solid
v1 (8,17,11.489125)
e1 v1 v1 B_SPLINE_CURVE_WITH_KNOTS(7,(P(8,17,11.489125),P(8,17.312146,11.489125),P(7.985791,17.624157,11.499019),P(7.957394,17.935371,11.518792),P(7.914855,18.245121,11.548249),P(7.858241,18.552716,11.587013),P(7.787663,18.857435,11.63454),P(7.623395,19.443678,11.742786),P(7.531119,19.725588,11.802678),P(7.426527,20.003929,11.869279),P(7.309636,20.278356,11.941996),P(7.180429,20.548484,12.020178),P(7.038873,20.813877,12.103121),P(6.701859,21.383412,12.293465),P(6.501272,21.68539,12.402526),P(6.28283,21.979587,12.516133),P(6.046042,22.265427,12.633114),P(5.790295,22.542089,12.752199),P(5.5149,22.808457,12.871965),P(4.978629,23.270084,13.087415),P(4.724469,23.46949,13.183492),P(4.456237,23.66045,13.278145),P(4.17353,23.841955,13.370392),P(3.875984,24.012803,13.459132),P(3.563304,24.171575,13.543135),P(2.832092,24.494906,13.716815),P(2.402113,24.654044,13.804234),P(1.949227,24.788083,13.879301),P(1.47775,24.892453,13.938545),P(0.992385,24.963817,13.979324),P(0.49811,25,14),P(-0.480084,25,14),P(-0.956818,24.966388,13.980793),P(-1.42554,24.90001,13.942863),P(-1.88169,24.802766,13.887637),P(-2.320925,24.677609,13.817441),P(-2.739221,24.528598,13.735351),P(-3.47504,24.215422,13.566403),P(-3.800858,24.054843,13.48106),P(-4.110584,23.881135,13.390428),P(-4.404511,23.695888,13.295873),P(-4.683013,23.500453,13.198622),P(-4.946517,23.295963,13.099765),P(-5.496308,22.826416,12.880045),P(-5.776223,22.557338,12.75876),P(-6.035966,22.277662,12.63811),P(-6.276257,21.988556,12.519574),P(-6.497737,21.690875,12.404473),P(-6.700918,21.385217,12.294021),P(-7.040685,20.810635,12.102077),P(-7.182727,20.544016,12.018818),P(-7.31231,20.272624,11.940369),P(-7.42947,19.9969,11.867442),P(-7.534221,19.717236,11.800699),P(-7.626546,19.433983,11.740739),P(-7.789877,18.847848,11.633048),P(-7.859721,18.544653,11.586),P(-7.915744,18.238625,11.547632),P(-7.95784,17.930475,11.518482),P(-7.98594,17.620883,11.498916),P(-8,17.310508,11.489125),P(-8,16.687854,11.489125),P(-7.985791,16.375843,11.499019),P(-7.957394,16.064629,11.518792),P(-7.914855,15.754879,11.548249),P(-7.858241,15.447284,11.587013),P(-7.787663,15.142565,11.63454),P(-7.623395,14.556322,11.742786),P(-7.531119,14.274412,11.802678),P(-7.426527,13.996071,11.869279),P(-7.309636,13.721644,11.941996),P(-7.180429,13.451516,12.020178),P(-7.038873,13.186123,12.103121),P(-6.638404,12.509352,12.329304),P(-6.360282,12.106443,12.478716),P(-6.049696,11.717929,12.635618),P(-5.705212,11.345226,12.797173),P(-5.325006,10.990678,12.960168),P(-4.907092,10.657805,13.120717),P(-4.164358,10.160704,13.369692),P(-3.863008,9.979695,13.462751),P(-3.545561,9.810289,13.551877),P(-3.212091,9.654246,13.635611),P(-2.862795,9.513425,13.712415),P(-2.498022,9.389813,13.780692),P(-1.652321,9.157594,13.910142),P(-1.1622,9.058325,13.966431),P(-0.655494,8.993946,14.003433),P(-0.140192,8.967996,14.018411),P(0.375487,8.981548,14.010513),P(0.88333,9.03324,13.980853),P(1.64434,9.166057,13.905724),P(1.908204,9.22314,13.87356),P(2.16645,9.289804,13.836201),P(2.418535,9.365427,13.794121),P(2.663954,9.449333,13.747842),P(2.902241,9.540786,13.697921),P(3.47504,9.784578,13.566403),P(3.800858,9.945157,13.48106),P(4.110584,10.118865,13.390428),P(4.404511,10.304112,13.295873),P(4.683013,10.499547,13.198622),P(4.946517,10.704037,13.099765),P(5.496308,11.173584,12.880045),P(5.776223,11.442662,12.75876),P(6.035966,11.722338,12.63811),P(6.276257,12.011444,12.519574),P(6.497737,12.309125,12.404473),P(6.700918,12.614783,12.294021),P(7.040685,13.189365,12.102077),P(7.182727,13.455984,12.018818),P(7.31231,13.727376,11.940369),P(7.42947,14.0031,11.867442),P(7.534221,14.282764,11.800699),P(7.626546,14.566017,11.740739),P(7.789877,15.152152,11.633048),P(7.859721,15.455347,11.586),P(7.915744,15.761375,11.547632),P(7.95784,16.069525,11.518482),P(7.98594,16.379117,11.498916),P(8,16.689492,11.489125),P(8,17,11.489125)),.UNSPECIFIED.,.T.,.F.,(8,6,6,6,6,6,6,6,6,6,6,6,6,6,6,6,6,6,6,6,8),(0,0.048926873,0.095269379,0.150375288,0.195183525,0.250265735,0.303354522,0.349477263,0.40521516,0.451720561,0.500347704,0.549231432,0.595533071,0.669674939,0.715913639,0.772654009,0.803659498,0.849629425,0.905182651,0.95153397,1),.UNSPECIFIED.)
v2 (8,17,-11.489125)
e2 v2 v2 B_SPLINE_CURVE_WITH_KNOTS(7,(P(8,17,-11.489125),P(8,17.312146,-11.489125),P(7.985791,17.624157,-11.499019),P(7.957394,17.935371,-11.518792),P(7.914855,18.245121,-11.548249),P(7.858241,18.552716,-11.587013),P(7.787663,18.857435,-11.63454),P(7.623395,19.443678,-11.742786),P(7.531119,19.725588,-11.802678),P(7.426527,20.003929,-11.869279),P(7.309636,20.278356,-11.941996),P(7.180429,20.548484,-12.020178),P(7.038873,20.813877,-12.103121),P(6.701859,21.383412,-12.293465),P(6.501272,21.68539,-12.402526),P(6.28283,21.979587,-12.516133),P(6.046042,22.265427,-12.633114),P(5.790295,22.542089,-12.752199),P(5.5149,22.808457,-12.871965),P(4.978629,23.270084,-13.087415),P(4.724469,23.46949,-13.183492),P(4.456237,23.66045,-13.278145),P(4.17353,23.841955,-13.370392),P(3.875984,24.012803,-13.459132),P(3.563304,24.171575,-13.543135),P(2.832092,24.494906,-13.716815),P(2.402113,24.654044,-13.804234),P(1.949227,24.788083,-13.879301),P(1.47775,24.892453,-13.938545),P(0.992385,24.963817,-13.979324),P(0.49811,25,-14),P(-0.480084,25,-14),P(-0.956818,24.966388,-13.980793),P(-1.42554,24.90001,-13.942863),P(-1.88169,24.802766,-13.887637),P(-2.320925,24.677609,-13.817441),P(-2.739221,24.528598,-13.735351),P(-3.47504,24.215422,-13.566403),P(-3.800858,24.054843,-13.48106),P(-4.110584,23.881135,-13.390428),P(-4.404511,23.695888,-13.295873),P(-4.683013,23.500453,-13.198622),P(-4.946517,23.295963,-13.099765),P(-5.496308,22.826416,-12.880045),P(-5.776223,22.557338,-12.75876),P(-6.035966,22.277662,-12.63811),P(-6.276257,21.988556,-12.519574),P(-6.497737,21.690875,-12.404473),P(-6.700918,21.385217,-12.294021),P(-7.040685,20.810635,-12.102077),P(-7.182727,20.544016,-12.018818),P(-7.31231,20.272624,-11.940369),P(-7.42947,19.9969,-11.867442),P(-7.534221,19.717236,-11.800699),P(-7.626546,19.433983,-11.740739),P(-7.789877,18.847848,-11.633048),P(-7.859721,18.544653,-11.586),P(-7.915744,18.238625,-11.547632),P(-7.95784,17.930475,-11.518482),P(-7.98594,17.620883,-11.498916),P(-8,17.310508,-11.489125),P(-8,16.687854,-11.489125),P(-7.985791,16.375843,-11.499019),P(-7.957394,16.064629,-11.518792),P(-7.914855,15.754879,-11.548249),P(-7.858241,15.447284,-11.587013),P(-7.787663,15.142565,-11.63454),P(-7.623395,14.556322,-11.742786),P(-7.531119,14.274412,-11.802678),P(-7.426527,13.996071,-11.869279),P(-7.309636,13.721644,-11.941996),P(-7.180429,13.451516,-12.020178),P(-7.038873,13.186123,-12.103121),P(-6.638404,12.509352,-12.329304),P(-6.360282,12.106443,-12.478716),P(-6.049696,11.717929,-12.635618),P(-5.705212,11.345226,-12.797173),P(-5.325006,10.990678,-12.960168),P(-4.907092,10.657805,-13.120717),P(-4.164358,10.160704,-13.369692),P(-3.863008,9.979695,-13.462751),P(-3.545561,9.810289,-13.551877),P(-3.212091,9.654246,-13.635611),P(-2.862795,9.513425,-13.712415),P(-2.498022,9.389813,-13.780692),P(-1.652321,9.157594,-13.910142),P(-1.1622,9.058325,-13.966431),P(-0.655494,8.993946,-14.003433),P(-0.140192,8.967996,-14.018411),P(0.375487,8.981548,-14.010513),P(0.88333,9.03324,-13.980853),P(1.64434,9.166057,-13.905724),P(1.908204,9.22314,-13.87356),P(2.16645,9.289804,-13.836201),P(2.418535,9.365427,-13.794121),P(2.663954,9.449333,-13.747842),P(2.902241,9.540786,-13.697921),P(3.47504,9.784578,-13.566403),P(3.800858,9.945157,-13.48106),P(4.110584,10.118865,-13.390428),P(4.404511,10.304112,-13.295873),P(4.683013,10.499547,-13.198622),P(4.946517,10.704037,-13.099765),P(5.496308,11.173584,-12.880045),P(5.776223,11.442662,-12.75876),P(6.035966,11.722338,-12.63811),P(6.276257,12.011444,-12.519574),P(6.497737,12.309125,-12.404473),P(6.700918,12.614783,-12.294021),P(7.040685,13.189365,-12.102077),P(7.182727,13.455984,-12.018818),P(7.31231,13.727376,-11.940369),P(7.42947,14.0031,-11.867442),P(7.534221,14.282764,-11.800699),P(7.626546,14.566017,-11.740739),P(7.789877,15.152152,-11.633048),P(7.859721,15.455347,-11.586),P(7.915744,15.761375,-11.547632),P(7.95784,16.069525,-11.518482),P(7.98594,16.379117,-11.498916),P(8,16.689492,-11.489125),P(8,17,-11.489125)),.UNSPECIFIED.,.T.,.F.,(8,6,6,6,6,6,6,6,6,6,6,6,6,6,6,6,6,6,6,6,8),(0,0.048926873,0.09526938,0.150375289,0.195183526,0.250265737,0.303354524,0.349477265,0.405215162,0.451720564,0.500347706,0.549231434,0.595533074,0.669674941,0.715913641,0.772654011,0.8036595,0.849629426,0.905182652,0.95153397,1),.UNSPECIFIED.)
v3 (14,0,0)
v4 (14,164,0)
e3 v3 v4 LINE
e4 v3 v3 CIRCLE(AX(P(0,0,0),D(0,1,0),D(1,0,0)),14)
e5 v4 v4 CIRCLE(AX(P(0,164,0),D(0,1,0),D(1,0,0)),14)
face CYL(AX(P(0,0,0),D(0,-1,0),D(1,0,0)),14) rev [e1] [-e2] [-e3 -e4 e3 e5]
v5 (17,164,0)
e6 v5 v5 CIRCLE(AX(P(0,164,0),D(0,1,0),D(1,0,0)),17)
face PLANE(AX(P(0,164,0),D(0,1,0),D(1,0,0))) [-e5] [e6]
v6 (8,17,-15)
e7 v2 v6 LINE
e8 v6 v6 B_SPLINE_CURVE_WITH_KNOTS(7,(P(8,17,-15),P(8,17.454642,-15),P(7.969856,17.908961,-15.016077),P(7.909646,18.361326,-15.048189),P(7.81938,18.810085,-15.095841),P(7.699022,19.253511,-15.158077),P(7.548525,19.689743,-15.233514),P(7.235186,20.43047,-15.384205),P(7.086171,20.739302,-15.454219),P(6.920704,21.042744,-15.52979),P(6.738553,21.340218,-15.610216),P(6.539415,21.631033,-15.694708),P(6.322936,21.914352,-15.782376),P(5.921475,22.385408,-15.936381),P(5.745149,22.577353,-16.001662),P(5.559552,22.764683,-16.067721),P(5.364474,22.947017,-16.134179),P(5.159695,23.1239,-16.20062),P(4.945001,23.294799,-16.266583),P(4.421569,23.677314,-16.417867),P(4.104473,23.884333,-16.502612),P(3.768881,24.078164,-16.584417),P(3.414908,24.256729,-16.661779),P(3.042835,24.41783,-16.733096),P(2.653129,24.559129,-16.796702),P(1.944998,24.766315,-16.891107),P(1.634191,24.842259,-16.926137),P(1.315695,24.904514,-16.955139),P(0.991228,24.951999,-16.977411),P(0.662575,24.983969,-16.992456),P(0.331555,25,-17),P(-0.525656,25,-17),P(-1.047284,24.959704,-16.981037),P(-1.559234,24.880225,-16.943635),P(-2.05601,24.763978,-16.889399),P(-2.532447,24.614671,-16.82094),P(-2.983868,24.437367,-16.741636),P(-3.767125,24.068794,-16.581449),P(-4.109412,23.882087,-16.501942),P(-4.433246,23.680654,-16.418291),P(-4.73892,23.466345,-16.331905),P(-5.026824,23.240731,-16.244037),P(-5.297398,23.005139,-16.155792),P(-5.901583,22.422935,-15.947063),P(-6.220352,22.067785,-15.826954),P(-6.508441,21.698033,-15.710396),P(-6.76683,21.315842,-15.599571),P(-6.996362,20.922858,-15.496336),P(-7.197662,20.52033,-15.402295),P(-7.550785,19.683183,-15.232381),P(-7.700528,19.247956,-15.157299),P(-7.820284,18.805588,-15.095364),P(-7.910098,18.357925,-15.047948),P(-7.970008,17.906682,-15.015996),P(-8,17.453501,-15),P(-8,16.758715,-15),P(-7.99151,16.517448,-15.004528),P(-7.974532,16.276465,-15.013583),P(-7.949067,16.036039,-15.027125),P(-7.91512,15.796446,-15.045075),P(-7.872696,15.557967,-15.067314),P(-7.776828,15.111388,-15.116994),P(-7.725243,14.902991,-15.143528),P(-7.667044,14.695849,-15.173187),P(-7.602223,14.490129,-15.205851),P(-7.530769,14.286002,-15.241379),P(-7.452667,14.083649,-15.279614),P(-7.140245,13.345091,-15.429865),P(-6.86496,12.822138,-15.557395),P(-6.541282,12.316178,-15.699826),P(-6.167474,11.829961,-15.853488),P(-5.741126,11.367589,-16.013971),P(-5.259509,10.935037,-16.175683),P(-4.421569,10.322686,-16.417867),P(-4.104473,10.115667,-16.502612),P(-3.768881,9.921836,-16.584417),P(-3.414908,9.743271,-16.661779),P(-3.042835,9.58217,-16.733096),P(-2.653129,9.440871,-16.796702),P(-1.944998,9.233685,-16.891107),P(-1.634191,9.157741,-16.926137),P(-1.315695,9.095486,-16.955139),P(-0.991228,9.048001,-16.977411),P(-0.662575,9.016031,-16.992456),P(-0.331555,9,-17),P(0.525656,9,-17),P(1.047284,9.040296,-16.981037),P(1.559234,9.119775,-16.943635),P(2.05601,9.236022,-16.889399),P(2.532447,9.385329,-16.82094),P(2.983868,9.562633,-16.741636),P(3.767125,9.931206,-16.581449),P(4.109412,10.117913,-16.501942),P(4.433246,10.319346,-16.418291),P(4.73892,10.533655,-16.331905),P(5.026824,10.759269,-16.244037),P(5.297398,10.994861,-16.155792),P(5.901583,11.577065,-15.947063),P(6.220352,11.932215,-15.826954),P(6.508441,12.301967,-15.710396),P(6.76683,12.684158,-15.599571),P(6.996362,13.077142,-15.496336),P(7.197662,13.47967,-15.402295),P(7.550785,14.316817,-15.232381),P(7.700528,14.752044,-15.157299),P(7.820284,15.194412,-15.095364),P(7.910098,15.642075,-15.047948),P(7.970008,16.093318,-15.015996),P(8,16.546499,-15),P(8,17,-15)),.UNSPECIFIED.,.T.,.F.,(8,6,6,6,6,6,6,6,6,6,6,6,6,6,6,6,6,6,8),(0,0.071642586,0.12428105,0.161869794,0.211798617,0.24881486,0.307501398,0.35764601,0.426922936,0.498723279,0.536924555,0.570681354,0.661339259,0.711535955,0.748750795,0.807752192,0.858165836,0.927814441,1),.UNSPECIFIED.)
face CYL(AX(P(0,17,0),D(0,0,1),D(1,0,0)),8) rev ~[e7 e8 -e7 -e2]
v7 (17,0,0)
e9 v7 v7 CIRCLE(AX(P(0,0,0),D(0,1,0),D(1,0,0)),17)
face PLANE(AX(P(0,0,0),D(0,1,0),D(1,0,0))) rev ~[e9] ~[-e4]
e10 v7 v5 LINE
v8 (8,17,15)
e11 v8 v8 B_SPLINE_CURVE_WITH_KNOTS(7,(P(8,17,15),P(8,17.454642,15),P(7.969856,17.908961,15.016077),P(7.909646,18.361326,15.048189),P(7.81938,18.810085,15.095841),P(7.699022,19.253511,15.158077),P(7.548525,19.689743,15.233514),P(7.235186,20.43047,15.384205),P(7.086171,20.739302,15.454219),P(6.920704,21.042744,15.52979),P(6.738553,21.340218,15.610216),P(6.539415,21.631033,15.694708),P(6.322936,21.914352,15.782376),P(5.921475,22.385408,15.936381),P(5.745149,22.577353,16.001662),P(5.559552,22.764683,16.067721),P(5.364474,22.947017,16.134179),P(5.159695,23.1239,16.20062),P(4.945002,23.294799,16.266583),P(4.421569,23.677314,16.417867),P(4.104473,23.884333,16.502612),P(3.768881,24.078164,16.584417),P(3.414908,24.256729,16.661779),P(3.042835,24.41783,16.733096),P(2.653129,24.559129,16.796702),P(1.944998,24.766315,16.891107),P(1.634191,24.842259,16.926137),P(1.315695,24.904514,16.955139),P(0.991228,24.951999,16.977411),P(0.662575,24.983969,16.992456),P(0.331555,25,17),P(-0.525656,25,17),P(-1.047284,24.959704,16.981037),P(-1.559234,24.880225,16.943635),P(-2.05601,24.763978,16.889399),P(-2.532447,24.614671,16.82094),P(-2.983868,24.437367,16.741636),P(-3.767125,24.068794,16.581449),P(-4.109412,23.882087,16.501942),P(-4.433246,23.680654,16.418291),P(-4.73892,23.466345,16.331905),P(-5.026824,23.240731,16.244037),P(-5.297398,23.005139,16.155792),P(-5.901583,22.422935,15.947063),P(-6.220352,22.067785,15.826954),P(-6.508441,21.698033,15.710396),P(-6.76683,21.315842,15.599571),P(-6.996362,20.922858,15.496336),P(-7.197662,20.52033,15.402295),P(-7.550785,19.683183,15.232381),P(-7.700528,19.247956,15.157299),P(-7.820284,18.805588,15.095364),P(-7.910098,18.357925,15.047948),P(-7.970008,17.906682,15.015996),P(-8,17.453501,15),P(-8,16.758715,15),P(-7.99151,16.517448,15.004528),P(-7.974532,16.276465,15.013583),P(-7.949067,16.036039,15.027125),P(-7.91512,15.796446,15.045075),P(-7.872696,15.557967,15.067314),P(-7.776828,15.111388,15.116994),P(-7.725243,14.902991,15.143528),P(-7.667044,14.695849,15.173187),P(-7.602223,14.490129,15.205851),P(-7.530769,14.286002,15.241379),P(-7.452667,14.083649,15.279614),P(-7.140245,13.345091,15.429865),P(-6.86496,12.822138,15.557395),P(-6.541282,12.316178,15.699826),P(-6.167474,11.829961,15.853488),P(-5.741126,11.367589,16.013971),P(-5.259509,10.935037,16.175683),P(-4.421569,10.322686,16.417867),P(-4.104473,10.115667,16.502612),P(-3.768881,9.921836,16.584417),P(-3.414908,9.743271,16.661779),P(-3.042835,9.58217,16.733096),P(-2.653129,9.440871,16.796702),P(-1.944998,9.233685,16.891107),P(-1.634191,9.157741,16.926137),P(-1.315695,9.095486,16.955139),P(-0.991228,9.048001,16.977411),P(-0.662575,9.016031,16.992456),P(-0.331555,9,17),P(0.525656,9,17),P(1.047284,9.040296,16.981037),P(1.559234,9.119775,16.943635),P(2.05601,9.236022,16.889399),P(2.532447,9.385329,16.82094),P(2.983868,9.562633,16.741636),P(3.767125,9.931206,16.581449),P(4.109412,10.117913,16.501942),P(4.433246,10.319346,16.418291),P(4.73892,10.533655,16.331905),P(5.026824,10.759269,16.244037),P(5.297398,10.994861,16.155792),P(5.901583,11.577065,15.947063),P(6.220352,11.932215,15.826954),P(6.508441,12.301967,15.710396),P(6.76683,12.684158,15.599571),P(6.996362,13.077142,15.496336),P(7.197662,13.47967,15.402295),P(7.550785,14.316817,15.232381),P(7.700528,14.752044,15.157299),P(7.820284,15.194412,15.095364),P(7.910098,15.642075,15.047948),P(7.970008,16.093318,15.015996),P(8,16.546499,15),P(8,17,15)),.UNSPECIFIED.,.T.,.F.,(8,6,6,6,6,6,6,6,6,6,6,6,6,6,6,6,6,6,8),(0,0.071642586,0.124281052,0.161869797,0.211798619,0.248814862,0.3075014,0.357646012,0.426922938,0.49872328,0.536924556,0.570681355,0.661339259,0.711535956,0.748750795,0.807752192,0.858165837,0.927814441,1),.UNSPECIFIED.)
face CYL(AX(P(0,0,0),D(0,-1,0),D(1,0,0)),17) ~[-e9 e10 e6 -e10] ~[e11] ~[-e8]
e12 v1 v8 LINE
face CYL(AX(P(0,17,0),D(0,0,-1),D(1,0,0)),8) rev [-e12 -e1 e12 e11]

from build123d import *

# Parameters (mm, degrees)
SKETCH1_R               = 17
SKETCH1_R_2             = 14
BOSS_EXTRUDE1_DEPTH     = 164
SKETCH2_R               = 8
CUT_EXTRUDE1_DEPTH      = 18
CUT_EXTRUDE1_DEPTH_BACK = 18


with BuildPart() as part:
    # Sketch1 → Boss-Extrude1 (new body)
    with BuildSketch(Plane(origin=(0, 0, 0), x_dir=(1, 0, 0), z_dir=(0, 1, 0))):
        Circle(SKETCH1_R)
        Circle(SKETCH1_R_2, mode=Mode.SUBTRACT)
    extrude(amount=BOSS_EXTRUDE1_DEPTH)

    # Sketch2 → Cut-Extrude1 (cut, two sides)
    with BuildSketch(Plane.XY) as cut_extrude1_sk:
        with Locations((0, 17)):
            Circle(SKETCH2_R)
    extrude(amount=CUT_EXTRUDE1_DEPTH, mode=Mode.SUBTRACT)
    extrude(cut_extrude1_sk.sketch, amount=-CUT_EXTRUDE1_DEPTH_BACK, mode=Mode.SUBTRACT)


solid = part.part
